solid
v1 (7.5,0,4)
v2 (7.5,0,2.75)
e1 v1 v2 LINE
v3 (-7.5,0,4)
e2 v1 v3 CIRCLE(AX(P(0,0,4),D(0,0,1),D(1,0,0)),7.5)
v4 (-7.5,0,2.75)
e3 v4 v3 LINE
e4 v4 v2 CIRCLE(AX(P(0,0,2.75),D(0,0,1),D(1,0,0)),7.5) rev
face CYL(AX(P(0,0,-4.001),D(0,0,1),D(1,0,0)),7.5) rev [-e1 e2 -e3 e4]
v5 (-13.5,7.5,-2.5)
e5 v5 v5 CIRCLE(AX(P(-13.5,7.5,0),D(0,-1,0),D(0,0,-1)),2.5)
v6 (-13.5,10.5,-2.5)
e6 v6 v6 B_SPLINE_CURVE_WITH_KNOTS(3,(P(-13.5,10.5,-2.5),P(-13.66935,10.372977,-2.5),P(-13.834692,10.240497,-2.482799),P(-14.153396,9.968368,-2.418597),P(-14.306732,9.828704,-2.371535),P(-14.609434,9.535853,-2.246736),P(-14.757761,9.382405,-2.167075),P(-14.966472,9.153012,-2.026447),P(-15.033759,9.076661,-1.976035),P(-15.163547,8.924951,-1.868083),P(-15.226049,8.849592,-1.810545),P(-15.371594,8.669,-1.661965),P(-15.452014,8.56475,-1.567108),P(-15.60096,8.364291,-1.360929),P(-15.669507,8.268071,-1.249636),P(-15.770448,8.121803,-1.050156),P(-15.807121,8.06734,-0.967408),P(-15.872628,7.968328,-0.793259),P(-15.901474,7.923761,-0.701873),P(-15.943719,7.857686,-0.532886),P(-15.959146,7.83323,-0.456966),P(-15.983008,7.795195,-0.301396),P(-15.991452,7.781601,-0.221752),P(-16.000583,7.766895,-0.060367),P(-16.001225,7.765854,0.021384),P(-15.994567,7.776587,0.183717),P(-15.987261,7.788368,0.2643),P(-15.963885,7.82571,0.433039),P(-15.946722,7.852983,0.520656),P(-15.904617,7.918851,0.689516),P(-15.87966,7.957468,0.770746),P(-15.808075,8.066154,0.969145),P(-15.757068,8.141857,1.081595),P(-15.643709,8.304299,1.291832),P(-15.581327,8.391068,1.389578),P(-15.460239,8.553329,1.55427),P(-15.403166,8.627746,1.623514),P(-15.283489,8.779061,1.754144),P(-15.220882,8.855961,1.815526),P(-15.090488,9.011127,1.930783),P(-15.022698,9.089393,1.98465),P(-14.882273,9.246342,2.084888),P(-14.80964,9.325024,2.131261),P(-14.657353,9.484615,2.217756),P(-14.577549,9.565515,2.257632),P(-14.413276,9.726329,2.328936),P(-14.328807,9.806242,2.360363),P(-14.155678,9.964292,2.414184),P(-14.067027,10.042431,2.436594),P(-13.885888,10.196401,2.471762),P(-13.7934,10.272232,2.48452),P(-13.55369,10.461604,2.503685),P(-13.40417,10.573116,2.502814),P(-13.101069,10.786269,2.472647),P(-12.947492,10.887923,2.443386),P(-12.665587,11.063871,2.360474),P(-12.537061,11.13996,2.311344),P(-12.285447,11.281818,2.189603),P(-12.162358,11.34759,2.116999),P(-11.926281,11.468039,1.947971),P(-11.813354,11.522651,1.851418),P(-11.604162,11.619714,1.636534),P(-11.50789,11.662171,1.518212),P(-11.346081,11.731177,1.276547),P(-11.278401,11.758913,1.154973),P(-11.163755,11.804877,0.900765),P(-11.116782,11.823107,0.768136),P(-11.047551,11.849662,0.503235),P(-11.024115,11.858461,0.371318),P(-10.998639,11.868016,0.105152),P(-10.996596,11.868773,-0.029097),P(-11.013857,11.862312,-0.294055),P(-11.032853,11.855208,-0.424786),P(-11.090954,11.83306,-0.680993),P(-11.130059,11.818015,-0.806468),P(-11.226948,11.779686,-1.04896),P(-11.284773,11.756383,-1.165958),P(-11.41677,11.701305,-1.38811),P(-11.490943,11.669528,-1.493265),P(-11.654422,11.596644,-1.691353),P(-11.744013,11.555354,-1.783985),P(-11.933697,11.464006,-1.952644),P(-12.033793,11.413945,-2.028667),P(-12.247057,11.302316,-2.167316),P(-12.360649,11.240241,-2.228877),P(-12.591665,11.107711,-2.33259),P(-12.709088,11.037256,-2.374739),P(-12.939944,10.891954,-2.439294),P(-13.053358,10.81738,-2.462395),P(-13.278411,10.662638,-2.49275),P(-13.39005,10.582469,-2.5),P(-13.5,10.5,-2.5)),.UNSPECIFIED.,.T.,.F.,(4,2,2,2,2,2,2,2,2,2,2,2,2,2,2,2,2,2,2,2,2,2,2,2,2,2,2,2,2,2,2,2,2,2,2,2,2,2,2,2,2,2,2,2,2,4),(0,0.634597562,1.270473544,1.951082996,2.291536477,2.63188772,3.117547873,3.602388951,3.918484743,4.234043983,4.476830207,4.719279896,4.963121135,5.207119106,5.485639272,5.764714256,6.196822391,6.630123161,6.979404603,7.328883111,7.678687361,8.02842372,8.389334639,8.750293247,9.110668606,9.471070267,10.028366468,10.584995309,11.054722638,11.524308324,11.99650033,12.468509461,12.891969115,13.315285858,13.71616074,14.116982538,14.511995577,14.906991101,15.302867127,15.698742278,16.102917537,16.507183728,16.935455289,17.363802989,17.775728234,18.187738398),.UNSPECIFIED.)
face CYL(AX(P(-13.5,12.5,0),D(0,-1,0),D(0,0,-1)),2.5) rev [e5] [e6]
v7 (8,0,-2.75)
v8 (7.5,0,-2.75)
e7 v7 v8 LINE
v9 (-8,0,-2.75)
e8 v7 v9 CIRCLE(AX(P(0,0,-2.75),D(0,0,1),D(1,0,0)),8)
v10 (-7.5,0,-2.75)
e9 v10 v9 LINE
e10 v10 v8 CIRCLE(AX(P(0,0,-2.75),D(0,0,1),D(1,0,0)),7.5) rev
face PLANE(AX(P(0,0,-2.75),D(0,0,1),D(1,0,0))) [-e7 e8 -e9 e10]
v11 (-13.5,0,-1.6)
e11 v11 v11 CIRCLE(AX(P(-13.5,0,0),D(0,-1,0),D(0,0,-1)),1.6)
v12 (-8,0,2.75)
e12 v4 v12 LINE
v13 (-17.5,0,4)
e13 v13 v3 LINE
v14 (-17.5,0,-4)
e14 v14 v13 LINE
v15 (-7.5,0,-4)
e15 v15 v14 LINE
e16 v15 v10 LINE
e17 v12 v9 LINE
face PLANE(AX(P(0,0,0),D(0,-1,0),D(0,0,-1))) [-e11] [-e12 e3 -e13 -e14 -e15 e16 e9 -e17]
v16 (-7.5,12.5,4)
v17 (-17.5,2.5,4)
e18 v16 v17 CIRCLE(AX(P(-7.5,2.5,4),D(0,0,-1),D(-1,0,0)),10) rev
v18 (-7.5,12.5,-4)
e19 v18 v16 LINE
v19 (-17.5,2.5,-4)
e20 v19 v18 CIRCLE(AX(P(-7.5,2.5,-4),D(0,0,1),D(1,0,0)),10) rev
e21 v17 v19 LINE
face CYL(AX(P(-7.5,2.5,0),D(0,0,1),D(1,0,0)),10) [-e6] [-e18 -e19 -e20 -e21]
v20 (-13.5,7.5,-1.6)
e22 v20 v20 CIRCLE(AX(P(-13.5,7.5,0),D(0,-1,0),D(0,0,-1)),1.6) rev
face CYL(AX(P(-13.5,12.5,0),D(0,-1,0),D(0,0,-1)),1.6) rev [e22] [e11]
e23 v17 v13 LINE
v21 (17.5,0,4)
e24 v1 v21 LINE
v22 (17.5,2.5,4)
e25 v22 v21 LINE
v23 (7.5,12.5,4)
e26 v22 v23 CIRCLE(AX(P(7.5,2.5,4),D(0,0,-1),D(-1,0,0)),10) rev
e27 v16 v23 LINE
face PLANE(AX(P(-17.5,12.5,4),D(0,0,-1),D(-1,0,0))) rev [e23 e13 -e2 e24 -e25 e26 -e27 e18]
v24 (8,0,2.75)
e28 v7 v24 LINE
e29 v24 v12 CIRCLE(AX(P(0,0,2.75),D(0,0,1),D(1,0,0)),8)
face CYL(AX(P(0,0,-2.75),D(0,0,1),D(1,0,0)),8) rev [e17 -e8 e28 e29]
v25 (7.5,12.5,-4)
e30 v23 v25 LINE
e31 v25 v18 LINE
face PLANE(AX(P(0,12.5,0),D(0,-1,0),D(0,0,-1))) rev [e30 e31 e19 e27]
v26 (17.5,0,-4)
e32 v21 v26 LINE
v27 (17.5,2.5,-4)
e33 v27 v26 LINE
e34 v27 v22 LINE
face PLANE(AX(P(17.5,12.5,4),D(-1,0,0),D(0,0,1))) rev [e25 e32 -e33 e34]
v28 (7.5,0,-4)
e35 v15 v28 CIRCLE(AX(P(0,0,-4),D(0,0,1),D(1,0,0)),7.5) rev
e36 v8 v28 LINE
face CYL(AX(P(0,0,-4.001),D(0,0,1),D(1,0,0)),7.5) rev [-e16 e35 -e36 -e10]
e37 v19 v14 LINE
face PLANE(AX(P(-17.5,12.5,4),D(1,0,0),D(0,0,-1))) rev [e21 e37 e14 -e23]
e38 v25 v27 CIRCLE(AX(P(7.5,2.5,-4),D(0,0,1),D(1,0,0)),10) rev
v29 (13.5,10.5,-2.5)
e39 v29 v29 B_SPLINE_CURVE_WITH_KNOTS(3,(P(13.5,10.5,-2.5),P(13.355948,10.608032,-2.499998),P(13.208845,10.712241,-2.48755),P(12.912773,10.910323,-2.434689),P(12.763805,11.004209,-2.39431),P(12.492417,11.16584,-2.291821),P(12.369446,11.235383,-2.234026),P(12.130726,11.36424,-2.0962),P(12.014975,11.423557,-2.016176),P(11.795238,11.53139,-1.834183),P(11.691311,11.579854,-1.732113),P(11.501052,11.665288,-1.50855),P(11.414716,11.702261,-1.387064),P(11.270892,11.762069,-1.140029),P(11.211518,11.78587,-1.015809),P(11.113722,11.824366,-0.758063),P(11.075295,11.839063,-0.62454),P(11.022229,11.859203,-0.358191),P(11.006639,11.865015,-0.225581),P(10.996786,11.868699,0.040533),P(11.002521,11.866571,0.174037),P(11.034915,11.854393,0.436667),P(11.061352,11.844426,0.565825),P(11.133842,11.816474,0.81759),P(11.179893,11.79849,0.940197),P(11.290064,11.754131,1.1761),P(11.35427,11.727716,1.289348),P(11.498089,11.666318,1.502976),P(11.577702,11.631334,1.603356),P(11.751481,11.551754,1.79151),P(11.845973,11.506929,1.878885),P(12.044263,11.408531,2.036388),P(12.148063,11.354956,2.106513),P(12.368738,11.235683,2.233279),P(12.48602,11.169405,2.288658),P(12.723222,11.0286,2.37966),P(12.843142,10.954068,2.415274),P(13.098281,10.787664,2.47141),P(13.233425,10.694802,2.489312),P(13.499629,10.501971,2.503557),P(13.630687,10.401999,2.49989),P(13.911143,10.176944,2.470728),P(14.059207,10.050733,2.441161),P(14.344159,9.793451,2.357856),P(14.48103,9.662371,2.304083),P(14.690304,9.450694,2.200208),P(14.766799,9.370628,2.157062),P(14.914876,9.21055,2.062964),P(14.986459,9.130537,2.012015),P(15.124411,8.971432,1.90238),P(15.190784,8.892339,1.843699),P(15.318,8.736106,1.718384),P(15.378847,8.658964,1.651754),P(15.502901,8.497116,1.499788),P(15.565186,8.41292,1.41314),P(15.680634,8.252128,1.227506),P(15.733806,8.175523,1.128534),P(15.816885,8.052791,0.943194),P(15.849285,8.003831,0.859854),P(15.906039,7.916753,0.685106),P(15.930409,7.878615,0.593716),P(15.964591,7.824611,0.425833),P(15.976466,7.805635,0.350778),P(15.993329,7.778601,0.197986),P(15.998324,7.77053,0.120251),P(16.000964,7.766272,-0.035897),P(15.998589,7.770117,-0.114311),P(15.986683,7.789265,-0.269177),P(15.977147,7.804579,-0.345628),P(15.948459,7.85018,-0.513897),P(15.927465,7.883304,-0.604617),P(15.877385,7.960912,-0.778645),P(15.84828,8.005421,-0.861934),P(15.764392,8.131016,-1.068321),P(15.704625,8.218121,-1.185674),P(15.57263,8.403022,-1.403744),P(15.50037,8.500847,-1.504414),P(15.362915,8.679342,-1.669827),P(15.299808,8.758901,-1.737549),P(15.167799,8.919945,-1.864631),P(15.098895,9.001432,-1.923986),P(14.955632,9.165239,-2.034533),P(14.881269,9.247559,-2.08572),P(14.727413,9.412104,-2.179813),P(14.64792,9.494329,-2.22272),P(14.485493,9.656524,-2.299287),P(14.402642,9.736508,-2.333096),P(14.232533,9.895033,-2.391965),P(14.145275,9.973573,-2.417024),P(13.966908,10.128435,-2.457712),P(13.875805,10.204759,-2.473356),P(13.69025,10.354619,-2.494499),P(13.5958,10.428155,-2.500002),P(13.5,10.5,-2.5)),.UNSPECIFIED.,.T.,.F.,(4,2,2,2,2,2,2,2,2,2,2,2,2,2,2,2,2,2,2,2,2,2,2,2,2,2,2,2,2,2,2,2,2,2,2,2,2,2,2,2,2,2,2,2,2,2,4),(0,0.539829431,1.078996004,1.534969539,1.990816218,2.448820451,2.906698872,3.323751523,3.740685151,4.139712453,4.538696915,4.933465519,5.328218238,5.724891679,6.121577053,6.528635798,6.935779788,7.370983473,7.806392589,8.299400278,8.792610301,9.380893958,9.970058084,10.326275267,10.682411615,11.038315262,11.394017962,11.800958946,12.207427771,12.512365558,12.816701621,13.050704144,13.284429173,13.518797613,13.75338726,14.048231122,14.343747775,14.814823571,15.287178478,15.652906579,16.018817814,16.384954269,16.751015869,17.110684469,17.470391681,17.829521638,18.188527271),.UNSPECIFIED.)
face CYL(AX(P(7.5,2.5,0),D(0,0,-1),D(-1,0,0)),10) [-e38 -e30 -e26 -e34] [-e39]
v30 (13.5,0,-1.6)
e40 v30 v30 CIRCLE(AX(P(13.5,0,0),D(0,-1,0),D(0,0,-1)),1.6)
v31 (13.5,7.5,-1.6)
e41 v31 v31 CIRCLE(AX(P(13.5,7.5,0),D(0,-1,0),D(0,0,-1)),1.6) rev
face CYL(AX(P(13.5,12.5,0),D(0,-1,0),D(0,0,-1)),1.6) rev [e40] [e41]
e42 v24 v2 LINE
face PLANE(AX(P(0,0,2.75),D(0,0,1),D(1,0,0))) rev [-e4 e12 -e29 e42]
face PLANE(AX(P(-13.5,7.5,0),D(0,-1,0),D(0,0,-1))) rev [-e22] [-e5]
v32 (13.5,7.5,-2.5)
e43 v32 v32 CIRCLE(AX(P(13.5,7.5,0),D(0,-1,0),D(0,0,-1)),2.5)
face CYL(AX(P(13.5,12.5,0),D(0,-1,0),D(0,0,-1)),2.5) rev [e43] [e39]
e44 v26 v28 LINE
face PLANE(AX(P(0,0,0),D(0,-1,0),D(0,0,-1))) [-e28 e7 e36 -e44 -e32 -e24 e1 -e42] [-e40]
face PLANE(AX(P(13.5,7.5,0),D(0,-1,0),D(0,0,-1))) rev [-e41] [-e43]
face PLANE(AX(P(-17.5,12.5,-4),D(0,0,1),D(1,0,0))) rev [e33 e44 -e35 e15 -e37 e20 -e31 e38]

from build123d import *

# Parameters (mm, degrees)
SKETCH1_W           = 35
SKETCH1_H           = 8
BOSS_EXTRUDE1_DEPTH = 12.5
CUT_EXTRUDE1_REACH  = 24.946
SKETCH2_R           = 7.5
FILLET1_R           = 10
SKETCH3_R           = 8
CUT_EXTRUDE2_DEPTH  = 2.75
SKETCH4_R           = 1.6
CUT_EXTRUDE3_DEPTH  = 22.874642854
SKETCH5_R           = 2.5
CUT_EXTRUDE4_DEPTH  = 20.455076607


with BuildPart() as part:
    # Sketch1 → Boss-Extrude1 (new body)
    with BuildSketch(Plane(origin=(0, 0, 0), x_dir=(1, 0, 0), z_dir=(0, 1, 0))):
        Rectangle(SKETCH1_W, SKETCH1_H)
    extrude(amount=BOSS_EXTRUDE1_DEPTH)

    # Sketch2 → Cut-Extrude1 (cut, up to next)
    with BuildSketch(Plane.XY.offset(4), mode=Mode.PRIVATE) as cut_extrude1_sk1:
        Circle(SKETCH2_R)
    cut_extrude1_tool1 = extrude(cut_extrude1_sk1.sketch, amount=-CUT_EXTRUDE1_REACH, mode=Mode.PRIVATE) & part.part
    add(cut_extrude1_tool1.solids().sort_by_distance((0, 0, 4))[0], mode=Mode.SUBTRACT)

    # Fillet1
    fillet1_edges = [part.edges().sort_by_distance(p)[0] for p in [
        (-17.5, 12.5, 0),
        (17.5, 12.5, 0),
    ]]
    fillet(fillet1_edges, radius=FILLET1_R)

    # Sketch3 → Cut-Extrude2 (cut, symmetric)
    with BuildSketch(Plane.XY):
        Circle(SKETCH3_R)
    extrude(amount=CUT_EXTRUDE2_DEPTH, both=True, mode=Mode.SUBTRACT)

    # Sketch4 → Cut-Extrude3 (cut, through all)
    with BuildSketch(Plane.XZ):
        with Locations(Location((13.5, 0, 0), (0, 0, 270))):
            Circle(SKETCH4_R)
        with Locations(Location((-13.5, 0, 0), (0, 0, 270))):
            Circle(SKETCH4_R)
    extrude(amount=-CUT_EXTRUDE3_DEPTH, mode=Mode.SUBTRACT)

    # Sketch5 → Cut-Extrude4 (cut, through all)
    with BuildSketch(Plane(origin=(0, 7.5, 0), x_dir=(-1, 0, 0), z_dir=(0, -1, 0))):
        with Locations(Location((-13.5, 0, 0), (0, 0, 90))):
            Circle(SKETCH5_R)
        with Locations(Location((13.5, 0, 0), (0, 0, 90))):
            Circle(SKETCH5_R)
    extrude(amount=-CUT_EXTRUDE4_DEPTH, mode=Mode.SUBTRACT)


solid = part.part
